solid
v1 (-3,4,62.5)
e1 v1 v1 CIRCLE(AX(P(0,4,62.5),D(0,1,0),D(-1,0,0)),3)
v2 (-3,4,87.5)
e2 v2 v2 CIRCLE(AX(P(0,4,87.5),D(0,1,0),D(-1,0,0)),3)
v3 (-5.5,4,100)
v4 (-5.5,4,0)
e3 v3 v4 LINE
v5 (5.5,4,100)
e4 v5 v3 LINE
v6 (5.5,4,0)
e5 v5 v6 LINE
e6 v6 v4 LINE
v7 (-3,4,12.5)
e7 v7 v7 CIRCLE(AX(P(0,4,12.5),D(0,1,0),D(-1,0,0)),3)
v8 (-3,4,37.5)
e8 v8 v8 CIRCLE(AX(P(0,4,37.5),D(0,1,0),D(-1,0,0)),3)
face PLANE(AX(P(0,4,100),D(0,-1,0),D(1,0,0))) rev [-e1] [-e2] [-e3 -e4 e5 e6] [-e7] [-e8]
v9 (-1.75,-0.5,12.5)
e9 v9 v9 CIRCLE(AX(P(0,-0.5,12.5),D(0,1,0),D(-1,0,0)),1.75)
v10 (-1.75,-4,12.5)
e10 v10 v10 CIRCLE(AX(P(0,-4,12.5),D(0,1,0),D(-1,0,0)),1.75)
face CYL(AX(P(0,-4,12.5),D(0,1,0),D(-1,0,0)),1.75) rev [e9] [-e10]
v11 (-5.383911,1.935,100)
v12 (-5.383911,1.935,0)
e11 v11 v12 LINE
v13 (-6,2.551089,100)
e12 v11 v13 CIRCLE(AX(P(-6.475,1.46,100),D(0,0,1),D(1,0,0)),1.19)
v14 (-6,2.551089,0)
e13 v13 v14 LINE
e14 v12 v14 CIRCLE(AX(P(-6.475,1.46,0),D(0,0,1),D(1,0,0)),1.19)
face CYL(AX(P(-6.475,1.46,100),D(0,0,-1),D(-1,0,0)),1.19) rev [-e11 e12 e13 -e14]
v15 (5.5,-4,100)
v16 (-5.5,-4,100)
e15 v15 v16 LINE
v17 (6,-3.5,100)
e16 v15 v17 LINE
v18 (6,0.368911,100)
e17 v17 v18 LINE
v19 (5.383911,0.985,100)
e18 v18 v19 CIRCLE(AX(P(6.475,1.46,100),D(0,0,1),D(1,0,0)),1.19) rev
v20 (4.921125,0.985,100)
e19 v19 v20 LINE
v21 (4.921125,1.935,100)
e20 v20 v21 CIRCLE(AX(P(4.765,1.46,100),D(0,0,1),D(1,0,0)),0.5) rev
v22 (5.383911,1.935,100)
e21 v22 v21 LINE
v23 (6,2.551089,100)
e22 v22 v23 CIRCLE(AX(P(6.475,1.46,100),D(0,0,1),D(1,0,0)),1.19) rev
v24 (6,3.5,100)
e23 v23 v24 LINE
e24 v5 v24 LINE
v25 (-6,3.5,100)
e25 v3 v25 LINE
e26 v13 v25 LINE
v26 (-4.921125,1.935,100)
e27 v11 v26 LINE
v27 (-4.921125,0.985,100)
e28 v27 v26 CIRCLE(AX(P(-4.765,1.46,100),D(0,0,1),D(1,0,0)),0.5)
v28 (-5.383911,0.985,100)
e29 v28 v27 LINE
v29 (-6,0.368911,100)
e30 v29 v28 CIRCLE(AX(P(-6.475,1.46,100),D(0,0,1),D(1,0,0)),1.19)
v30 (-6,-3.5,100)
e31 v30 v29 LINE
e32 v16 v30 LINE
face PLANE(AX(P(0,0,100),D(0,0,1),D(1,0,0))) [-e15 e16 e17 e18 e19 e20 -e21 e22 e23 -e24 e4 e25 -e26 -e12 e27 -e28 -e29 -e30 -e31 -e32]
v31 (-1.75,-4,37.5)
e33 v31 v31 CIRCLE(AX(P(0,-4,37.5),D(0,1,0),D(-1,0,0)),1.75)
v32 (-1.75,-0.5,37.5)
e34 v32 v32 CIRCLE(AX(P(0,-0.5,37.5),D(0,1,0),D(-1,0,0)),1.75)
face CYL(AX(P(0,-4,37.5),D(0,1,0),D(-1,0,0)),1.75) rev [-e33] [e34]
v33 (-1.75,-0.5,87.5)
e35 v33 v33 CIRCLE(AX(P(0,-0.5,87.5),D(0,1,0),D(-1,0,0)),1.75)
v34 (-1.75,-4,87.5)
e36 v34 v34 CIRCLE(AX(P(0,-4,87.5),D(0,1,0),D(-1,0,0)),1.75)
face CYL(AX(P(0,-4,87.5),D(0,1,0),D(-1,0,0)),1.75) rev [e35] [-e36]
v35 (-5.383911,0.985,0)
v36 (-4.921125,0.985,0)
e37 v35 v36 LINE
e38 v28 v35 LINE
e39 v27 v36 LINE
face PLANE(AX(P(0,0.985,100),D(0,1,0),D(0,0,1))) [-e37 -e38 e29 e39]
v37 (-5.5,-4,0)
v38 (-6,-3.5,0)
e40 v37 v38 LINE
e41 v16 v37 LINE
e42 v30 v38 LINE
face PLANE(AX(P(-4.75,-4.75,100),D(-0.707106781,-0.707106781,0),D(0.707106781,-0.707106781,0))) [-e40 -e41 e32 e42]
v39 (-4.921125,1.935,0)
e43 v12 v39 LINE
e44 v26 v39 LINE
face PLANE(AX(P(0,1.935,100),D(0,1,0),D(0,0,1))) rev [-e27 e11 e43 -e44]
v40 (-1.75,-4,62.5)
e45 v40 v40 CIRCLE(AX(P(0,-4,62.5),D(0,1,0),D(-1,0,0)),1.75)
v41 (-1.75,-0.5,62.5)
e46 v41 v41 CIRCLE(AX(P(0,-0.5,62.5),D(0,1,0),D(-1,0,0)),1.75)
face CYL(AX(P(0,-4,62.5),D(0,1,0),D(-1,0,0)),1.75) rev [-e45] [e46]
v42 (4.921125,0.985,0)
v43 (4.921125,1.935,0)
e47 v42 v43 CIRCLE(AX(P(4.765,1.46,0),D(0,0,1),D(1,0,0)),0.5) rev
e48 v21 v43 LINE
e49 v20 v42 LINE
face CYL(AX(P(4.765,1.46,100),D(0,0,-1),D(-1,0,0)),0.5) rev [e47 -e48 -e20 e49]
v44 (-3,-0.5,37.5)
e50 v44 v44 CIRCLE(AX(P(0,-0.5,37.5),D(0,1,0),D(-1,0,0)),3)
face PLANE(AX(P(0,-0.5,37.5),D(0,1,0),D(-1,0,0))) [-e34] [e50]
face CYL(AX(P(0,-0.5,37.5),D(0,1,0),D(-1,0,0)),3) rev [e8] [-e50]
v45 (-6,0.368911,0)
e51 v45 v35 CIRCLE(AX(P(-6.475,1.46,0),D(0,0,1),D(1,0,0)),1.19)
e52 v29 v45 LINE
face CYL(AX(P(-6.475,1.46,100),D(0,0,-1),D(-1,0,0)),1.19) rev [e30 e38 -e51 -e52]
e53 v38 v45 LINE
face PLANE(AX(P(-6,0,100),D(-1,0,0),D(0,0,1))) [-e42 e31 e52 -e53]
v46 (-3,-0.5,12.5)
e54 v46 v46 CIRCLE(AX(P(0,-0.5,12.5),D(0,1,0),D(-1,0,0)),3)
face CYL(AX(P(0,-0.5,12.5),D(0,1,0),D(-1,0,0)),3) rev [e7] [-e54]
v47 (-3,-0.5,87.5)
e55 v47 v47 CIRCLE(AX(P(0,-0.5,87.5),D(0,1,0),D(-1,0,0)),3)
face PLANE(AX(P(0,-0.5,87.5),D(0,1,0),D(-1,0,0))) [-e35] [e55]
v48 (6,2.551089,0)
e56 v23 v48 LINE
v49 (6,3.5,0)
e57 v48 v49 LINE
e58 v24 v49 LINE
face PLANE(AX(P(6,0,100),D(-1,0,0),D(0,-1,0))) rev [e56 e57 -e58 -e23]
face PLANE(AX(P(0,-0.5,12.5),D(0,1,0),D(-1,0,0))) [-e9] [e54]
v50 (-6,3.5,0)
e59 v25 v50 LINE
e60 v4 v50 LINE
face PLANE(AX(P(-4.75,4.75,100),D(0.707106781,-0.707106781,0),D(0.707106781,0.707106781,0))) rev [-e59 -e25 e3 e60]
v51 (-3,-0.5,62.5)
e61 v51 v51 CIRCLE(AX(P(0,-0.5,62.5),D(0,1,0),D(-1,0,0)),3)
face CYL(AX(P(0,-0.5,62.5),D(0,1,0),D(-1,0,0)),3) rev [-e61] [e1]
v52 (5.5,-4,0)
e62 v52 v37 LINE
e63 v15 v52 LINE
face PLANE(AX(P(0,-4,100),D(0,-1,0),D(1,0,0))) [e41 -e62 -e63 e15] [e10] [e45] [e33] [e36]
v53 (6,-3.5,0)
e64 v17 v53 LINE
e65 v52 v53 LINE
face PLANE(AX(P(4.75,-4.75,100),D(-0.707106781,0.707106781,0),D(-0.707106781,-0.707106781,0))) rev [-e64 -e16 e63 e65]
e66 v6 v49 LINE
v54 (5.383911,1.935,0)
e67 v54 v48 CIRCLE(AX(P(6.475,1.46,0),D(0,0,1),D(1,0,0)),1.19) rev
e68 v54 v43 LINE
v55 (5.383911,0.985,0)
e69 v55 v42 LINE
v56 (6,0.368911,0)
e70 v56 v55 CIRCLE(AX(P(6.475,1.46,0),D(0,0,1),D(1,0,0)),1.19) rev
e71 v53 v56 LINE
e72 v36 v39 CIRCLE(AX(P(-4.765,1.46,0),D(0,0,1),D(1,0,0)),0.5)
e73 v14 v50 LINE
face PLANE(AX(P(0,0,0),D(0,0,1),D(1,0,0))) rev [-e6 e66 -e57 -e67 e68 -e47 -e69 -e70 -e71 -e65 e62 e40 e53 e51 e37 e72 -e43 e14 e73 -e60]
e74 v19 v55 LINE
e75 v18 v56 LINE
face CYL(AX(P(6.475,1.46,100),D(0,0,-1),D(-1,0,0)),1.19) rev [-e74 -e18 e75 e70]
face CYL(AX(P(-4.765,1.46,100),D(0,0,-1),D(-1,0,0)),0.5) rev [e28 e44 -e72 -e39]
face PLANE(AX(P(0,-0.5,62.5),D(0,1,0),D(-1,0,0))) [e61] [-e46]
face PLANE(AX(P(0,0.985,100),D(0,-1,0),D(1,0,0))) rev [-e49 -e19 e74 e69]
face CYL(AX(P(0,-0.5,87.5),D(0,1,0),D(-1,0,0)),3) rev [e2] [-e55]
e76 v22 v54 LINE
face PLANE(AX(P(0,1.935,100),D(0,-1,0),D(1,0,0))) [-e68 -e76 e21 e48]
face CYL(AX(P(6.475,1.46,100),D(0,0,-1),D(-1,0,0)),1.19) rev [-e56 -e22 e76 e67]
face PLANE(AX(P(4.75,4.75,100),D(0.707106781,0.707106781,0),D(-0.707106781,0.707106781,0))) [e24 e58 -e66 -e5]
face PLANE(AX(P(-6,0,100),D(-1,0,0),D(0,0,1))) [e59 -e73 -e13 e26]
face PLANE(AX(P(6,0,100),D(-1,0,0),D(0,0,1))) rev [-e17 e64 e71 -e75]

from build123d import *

# Parameters (mm, degrees)
BOSS_EXTRUDE1_DEPTH = 100
SKETCH2_R           = 3
CUT_EXTRUDE1_DEPTH  = 4.5
SKETCH3_R           = 1.75
CUT_EXTRUDE2_DEPTH  = 4.5
LPATTERN1_COUNT     = 4
LPATTERN1_PITCH     = 25


with BuildPart() as part:
    # Sketch1 → Boss-Extrude1 (new body)
    with BuildSketch(Plane.XY):
        with BuildLine():
            Line((6, -3.5), (6, 0.368911094))
            ThreePointArc((6, 0.368911094), (5.63354293, 0.61854293), (5.383911094, 0.985))
            Line((5.383911094, 0.985), (4.92112495, 0.985))
            ThreePointArc((4.92112495, 0.985), (4.265, 1.46), (4.92112495, 1.935))
            Line((4.92112495, 1.935), (5.383911094, 1.935))
            ThreePointArc((5.383911094, 1.935), (5.63354293, 2.30145707), (6, 2.551088906))
            Line((6, 2.551088906), (6, 3.5))
            Line((6, 3.5), (5.5, 4))
            Line((5.5, 4), (-5.5, 4))
            Line((-5.5, 4), (-6, 3.5))
            Line((-6, 3.5), (-6, 2.551088906))
            ThreePointArc((-6, 2.551088906), (-5.63354293, 2.30145707), (-5.383911094, 1.935))
            Line((-5.383911094, 1.935), (-4.92112495, 1.935))
            ThreePointArc((-4.92112495, 1.935), (-4.265, 1.46), (-4.92112495, 0.985))
            Line((-4.92112495, 0.985), (-5.383911094, 0.985))
            ThreePointArc((-5.383911094, 0.985), (-5.63354293, 0.61854293), (-6, 0.368911094))
            Line((-6, 0.368911094), (-6, -3.5))
            Line((-6, -3.5), (-5.5, -4))
            Line((-5.5, -4), (5.5, -4))
            Line((5.5, -4), (6, -3.5))
        make_face()
    extrude(amount=BOSS_EXTRUDE1_DEPTH)

    # Sketch2 → Cut-Extrude1 (cut)
    with BuildSketch(Plane(origin=(0, 4, 0), x_dir=(1, 0, 0), z_dir=(0, 1, 0))):
        with Locations((0, -12.5)):
            Circle(SKETCH2_R)
    cut_extrude1 = extrude(amount=-CUT_EXTRUDE1_DEPTH, mode=Mode.SUBTRACT)

    # Sketch3 → Cut-Extrude2 (cut, through all)
    with BuildSketch(Plane(origin=(0, -0.5, 0), x_dir=(1, 0, 0), z_dir=(0, 1, 0))):
        with Locations((0, -12.5)):
            Circle(SKETCH3_R)
    cut_extrude2 = extrude(amount=-CUT_EXTRUDE2_DEPTH, mode=Mode.SUBTRACT)

    # LPattern1: Cut-Extrude1, Cut-Extrude2 ×4
    with Locations(*[(0, 0, i * LPATTERN1_PITCH) for i in range(1, LPATTERN1_COUNT)]):
        add(cut_extrude1, mode=Mode.SUBTRACT)
        add(cut_extrude2, mode=Mode.SUBTRACT)


solid = part.part
